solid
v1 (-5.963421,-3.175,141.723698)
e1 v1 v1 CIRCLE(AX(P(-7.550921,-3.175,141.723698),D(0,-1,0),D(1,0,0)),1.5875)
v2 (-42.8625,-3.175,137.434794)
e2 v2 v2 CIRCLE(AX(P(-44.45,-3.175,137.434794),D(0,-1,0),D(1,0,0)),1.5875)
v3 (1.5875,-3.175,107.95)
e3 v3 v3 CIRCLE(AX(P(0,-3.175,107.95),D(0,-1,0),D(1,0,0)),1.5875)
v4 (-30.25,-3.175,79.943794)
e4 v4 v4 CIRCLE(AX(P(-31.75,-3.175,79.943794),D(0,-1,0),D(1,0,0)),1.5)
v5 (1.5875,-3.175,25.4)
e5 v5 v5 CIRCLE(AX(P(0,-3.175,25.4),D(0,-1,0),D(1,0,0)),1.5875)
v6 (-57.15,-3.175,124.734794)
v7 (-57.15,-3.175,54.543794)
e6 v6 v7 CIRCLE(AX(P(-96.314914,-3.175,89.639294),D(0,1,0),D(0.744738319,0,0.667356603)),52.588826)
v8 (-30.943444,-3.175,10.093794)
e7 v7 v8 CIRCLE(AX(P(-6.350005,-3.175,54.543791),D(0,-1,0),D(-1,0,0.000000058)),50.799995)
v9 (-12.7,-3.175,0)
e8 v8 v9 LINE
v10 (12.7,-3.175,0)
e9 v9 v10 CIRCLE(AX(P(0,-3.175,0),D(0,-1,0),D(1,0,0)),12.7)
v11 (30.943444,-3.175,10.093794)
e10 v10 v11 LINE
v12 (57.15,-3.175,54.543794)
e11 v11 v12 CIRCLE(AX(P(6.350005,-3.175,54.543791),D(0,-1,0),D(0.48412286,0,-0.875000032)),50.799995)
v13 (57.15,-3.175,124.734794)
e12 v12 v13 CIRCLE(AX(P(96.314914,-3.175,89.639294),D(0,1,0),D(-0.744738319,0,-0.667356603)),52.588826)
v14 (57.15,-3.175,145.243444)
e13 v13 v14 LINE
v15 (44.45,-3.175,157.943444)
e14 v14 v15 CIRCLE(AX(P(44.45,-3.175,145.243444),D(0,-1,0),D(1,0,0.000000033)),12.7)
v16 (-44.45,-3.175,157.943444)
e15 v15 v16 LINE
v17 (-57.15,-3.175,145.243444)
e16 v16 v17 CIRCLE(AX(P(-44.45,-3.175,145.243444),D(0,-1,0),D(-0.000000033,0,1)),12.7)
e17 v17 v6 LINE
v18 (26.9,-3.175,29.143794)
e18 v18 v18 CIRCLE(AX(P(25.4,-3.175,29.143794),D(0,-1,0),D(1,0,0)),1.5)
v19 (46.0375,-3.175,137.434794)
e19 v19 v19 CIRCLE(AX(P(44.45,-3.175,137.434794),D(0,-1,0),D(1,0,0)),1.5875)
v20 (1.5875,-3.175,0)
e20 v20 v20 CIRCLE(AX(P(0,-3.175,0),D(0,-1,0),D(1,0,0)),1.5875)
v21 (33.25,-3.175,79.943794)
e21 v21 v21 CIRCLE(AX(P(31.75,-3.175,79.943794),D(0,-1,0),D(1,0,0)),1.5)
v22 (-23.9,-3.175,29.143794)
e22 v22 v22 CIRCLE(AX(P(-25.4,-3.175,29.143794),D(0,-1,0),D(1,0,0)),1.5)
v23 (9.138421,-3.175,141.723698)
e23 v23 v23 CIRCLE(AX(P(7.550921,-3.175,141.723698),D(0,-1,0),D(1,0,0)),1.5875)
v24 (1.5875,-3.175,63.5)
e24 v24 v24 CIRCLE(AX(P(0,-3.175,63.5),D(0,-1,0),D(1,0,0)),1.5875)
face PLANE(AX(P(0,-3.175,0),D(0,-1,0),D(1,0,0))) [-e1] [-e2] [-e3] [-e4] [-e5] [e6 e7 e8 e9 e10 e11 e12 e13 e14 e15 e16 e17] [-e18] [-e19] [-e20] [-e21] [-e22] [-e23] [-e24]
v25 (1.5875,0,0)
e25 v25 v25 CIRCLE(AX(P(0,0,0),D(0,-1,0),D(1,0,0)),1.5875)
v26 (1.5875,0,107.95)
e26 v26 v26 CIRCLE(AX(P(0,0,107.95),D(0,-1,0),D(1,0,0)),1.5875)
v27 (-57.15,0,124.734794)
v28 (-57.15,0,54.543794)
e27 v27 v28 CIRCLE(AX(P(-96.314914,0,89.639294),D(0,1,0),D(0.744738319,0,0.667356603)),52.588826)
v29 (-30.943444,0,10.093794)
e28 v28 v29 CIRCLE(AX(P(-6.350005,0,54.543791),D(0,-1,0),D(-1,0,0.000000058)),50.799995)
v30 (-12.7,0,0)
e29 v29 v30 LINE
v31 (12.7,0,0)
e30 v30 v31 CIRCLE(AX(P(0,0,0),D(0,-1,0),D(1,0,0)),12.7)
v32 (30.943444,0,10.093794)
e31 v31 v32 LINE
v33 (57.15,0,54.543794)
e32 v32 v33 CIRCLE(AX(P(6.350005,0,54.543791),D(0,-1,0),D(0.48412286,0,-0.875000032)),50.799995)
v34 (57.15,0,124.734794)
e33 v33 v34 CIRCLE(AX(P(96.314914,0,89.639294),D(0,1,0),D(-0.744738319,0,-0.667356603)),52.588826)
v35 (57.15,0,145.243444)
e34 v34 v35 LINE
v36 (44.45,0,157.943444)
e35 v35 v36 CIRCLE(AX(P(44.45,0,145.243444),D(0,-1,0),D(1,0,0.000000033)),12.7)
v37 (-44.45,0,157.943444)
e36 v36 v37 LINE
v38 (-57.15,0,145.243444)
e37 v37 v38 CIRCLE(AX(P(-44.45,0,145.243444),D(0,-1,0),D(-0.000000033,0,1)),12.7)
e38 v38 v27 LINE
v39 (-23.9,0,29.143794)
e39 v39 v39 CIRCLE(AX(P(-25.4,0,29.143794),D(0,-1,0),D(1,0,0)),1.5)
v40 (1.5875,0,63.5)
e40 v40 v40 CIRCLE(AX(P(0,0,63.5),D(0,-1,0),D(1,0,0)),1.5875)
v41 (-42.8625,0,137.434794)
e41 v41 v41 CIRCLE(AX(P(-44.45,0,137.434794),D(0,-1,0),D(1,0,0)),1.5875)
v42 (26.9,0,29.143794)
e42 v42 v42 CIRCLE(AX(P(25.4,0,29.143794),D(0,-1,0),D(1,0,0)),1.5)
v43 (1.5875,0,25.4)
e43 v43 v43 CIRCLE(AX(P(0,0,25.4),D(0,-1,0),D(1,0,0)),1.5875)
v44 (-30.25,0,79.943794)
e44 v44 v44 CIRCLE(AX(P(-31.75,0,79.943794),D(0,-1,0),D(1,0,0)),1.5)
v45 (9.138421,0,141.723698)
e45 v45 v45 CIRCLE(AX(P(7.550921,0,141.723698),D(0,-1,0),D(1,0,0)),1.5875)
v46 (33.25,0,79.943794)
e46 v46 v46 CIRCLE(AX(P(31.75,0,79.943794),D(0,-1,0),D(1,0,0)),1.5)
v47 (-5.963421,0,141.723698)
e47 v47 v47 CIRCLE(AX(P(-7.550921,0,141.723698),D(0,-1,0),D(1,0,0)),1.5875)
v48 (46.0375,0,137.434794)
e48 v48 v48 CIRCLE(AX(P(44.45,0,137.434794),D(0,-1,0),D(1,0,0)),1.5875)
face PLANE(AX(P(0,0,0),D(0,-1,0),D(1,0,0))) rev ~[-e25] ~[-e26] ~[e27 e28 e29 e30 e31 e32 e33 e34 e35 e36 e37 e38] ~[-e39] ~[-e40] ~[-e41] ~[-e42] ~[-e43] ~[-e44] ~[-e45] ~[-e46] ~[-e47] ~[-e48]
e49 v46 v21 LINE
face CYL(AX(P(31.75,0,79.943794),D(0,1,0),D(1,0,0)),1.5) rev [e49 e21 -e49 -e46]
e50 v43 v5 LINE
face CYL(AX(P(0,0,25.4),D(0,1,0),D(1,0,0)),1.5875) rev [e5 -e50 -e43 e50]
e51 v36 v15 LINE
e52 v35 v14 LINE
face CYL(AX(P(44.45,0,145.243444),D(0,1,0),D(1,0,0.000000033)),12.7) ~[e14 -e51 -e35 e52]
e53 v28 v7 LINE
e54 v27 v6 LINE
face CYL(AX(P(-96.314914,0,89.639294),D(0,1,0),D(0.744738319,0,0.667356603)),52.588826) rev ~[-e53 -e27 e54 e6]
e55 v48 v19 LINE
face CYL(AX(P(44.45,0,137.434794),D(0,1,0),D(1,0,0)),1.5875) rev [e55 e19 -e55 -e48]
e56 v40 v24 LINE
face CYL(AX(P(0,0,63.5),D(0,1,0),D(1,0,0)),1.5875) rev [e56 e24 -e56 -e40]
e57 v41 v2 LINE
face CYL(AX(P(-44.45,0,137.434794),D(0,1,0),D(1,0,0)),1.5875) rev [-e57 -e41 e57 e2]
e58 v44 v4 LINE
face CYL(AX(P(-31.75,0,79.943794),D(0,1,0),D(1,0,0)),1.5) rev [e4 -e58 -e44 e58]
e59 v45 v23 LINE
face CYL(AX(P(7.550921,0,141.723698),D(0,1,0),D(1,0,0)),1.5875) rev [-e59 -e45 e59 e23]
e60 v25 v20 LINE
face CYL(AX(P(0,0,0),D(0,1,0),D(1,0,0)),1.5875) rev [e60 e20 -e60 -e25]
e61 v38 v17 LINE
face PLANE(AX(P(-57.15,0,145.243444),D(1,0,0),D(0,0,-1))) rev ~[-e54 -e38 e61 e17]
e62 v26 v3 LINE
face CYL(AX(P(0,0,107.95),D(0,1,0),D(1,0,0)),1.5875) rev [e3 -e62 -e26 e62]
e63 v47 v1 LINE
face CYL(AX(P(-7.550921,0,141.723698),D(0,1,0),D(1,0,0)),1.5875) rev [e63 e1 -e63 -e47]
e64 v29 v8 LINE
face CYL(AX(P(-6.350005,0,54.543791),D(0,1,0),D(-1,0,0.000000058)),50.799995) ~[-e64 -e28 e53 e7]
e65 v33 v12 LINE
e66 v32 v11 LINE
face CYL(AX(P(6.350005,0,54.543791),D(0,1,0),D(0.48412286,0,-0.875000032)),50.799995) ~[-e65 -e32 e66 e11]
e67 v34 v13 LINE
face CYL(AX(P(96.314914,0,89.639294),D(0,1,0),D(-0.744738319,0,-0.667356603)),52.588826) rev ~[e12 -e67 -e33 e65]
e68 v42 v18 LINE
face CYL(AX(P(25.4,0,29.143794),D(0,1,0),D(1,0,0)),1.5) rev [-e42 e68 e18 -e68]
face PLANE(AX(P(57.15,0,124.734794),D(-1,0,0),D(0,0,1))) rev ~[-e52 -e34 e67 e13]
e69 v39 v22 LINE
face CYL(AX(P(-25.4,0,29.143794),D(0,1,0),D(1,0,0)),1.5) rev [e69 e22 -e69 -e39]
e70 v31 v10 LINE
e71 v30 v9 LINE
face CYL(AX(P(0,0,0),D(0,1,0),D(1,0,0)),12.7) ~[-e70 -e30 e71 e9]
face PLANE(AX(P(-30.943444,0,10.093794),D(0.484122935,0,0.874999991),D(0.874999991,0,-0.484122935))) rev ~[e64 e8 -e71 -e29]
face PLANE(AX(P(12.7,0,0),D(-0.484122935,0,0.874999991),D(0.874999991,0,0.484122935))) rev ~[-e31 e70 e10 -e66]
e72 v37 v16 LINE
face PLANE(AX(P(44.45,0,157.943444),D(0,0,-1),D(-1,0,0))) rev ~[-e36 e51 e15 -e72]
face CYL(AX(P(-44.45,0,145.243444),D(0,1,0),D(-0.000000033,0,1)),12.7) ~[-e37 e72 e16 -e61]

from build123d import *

# Parameters (mm, degrees)
F0_R     = 1.5875
F0_R_2   = 1.5
F1_DEPTH = 3.175


with BuildPart() as f1:
    # F0 (on Front) → F1 (new body)
    with BuildSketch(Plane.XZ):
        with BuildLine():
            ThreePointArc((-12.7, 0), (0, -12.7), (12.7, 0))
            ThreePointArc((12.7, 0), (0, 12.7), (-12.7, 0))
        make_face()
        Circle(F0_R, mode=Mode.SUBTRACT)
        with BuildLine():
            ThreePointArc((-12.7, 0), (0, 12.7), (12.7, 0))
            Line((12.7, 0), (30.943444, 10.093794))
            ThreePointArc((30.943444, 10.093794), (50.110639, 28.743667), (57.15, 54.543794))
            ThreePointArc((57.15, 54.543794), (43.726088, 89.639294), (57.15, 124.734794))
            Line((57.15, 124.734794), (57.15, 145.243444))
            ThreePointArc((57.15, 145.243444), (53.430256, 154.2237), (44.45, 157.943444))
            Line((44.45, 157.943444), (-44.45, 157.943444))
            ThreePointArc((-44.45, 157.943444), (-53.430256, 154.2237), (-57.15, 145.243444))
            Line((-57.15, 145.243444), (-57.15, 124.734794))
            ThreePointArc((-57.15, 124.734794), (-43.726088, 89.639294), (-57.15, 54.543794))
            ThreePointArc((-57.15, 54.543794), (-50.110639, 28.743667), (-30.943444, 10.093794))
            Line((-30.943444, 10.093794), (-12.7, 0))
        make_face()
        with Locations((-25.4, 29.143794)):
            Circle(F0_R_2, mode=Mode.SUBTRACT)
        with Locations((0, 25.4)):
            Circle(F0_R, mode=Mode.SUBTRACT)
        with Locations((25.4, 29.143794)):
            Circle(F0_R_2, mode=Mode.SUBTRACT)
        with Locations((0, 63.5)):
            Circle(F0_R, mode=Mode.SUBTRACT)
        with Locations((-31.75, 79.943794)):
            Circle(F0_R_2, mode=Mode.SUBTRACT)
        with Locations((-44.45, 137.434794)):
            Circle(F0_R, mode=Mode.SUBTRACT)
        with Locations((-7.550921, 141.723698)):
            Circle(F0_R, mode=Mode.SUBTRACT)
        with Locations((0, 107.95)):
            Circle(F0_R, mode=Mode.SUBTRACT)
        with Locations((31.75, 79.943794)):
            Circle(F0_R_2, mode=Mode.SUBTRACT)
        with Locations((7.550921, 141.723698)):
            Circle(F0_R, mode=Mode.SUBTRACT)
        with Locations((44.45, 137.434794)):
            Circle(F0_R, mode=Mode.SUBTRACT)
    extrude(amount=F1_DEPTH)


solid = f1.part
